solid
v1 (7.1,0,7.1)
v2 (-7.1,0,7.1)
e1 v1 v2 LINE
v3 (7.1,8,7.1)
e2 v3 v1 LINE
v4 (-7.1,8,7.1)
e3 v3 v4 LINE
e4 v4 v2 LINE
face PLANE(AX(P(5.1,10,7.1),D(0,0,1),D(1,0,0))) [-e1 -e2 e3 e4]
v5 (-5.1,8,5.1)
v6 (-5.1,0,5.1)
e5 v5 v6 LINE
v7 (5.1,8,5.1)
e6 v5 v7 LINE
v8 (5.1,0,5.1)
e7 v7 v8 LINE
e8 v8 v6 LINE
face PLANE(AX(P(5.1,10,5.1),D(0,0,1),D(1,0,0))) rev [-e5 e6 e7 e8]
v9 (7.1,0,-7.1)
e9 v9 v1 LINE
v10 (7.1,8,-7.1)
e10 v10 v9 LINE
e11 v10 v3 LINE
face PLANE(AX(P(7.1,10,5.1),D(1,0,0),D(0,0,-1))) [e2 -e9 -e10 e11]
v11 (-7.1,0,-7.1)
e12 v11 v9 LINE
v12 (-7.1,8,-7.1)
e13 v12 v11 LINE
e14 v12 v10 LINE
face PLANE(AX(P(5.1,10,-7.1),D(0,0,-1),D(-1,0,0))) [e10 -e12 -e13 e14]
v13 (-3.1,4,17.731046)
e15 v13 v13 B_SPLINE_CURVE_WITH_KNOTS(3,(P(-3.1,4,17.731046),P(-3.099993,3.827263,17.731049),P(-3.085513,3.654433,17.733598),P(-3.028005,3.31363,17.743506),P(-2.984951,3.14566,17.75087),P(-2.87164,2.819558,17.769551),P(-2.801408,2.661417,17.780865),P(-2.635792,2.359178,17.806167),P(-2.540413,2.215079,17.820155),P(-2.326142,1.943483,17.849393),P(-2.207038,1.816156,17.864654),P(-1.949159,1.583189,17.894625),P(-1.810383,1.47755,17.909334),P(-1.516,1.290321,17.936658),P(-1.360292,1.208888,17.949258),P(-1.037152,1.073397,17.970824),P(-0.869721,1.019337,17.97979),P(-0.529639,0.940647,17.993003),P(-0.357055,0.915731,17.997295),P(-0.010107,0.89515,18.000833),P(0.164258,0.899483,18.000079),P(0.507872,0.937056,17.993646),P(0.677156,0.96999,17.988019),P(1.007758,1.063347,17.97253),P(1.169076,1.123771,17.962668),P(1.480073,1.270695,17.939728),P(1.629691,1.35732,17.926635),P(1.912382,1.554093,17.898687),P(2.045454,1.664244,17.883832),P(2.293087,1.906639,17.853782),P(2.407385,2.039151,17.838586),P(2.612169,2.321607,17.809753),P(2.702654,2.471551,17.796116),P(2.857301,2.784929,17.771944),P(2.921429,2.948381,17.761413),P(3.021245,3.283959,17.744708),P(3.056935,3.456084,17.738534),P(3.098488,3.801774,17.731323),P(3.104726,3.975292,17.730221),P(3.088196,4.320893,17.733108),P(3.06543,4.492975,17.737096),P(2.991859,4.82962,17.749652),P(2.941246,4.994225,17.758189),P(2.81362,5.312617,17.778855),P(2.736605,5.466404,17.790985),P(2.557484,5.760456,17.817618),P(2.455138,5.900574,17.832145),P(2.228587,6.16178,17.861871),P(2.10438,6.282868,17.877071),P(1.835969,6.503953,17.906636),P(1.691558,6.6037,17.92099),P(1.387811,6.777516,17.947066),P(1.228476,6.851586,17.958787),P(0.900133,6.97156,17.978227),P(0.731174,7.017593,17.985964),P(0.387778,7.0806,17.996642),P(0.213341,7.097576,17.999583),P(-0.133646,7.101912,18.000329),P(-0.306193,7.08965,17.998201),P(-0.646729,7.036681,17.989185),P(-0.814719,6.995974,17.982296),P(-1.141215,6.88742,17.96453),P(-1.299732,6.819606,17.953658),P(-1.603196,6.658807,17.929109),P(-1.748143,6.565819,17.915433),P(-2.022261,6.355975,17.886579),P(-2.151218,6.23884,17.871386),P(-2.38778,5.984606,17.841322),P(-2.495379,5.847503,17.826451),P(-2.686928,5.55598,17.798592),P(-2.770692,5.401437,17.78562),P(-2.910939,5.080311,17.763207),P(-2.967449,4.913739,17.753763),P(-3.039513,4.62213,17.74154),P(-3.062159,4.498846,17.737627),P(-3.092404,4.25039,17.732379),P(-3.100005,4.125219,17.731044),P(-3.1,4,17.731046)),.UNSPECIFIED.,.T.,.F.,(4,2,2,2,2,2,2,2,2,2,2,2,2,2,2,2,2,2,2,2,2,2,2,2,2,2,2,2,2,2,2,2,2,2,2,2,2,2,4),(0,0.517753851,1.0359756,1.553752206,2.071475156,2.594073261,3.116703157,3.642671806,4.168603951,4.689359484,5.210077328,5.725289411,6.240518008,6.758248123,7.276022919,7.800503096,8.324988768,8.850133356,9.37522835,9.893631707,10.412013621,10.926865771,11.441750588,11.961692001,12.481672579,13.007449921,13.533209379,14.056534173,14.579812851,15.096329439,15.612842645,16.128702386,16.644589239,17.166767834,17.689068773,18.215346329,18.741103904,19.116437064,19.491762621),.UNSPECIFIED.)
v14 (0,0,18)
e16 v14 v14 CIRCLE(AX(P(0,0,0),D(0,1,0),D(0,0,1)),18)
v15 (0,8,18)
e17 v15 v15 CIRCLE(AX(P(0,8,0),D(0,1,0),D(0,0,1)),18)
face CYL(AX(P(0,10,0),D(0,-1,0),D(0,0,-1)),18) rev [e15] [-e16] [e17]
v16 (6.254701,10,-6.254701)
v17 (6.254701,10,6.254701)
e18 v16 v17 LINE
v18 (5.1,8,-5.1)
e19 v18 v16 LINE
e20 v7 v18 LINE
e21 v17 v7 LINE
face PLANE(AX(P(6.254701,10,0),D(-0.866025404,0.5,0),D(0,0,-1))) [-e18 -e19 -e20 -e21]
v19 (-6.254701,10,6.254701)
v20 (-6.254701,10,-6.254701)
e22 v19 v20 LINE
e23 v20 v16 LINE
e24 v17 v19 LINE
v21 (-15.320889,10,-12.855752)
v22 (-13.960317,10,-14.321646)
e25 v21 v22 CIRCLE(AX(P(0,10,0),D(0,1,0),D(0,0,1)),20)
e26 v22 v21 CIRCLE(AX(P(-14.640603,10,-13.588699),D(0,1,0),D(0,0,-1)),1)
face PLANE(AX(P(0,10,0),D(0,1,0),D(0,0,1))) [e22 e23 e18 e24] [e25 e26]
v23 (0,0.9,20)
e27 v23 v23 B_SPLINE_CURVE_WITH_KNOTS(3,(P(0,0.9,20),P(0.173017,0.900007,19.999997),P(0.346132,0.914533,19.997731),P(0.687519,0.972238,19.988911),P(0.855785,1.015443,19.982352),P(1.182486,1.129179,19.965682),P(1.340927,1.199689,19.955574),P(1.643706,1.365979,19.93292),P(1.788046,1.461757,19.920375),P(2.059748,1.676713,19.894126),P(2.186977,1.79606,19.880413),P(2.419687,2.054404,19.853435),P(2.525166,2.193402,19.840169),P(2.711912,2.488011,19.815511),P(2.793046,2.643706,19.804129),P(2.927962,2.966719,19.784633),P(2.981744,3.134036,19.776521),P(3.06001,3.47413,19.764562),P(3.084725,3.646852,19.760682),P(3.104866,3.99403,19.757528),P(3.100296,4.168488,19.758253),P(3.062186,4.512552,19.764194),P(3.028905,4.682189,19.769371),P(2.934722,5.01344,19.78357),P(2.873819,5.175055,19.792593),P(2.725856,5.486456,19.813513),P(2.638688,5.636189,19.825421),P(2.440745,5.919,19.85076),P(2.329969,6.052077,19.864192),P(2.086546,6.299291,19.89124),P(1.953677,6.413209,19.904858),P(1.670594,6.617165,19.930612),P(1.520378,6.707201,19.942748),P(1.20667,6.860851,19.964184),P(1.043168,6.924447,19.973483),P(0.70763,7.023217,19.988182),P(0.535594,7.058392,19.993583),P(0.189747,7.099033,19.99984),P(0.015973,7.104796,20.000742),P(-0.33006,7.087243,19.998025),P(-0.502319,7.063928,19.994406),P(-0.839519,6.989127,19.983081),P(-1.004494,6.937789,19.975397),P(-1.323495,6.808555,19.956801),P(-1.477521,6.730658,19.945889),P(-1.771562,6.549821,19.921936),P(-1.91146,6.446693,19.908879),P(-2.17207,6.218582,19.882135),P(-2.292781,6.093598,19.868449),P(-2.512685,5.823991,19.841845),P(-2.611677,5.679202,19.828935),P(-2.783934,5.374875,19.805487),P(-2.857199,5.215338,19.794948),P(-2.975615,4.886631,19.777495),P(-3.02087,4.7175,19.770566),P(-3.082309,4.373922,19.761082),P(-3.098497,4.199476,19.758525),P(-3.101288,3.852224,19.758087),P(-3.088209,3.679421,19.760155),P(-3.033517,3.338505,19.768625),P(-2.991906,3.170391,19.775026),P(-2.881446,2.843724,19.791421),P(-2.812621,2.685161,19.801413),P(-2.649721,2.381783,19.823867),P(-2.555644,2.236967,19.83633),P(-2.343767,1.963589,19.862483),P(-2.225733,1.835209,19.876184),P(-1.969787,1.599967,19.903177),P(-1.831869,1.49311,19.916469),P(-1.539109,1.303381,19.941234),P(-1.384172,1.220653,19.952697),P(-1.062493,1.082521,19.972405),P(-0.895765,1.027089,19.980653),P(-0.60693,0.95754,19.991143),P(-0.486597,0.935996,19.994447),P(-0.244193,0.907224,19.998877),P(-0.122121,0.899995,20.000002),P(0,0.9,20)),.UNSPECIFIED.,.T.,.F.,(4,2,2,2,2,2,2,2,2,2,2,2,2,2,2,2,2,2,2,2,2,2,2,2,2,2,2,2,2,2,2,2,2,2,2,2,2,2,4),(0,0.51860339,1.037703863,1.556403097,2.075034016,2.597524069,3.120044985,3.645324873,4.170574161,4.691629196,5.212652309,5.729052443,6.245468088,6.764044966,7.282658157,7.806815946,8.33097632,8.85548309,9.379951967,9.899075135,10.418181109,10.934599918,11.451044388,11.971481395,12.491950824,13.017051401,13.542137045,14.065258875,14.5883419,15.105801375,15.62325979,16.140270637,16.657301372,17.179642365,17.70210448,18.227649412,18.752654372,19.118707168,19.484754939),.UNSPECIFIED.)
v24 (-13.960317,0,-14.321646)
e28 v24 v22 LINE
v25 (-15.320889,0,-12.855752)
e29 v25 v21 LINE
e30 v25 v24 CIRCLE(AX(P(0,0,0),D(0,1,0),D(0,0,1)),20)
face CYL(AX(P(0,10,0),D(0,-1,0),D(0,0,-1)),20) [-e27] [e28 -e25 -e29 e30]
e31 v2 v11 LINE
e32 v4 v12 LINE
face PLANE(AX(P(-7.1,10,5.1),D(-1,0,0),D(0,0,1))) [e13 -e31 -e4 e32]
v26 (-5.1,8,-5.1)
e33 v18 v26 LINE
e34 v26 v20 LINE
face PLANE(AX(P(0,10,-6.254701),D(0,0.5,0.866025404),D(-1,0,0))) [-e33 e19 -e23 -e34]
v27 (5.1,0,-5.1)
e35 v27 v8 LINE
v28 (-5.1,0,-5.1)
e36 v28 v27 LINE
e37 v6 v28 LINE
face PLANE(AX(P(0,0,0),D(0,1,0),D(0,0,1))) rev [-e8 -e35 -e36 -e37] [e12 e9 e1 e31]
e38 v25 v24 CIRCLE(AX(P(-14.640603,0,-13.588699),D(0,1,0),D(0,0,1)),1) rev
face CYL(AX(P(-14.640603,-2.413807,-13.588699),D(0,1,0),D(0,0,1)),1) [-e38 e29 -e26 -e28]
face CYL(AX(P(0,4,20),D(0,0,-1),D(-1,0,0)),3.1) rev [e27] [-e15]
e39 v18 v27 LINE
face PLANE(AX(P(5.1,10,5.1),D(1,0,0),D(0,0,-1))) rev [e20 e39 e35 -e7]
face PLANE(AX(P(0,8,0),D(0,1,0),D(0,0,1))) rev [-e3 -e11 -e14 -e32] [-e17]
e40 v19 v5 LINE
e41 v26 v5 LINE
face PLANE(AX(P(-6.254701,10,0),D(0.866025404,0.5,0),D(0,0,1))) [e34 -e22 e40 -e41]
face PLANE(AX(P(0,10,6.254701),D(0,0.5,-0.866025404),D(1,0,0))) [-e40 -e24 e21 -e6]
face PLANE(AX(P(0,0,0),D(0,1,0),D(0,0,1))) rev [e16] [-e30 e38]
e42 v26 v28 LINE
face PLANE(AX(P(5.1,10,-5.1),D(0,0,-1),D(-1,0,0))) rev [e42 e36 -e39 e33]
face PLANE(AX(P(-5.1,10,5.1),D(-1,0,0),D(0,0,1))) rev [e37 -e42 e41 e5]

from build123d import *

# Parameters (mm, degrees)
SKETCH1_R             = 20
BOSS_EXTRUDE1_DEPTH   = 10
SKETCH2_W             = 10.2
SKETCH2_H             = 10.2
CUT_EXTRUDE2_DEPTH    = 11
SHELL3_T              = -2
SKETCH3_R             = 3.1
CUT_EXTRUDE3_DEPTH    = 13.9
BOSS_EXTRUDE2_DEPTH   = 10
CHAMFER1_SIZE         = 2
CHAMFER1_SIZE2        = 1.154700538
CHAMFER1_PART_2_SIZE  = 2
CHAMFER1_PART_2_SIZE2 = 1.154700538
CHAMFER1_PART_3_SIZE  = 2
CHAMFER1_PART_3_SIZE2 = 1.154700538
CHAMFER1_PART_4_SIZE  = 2
CHAMFER1_PART_4_SIZE2 = 1.154700538


with BuildPart() as part:
    # Sketch1 → Boss-Extrude1 (new body)
    with BuildSketch(Plane(origin=(0, 0, 0), x_dir=(1, 0, 0), z_dir=(0, 1, 0))):
        Circle(SKETCH1_R)
    extrude(amount=BOSS_EXTRUDE1_DEPTH)

    # Sketch2 → Cut-Extrude2 (cut, through all)
    with BuildSketch(Plane.XZ):
        Rectangle(SKETCH2_W, SKETCH2_H)
    extrude(amount=-CUT_EXTRUDE2_DEPTH, mode=Mode.SUBTRACT)

    # Shell3
    shell3_openings = [part.faces().sort_by_distance(p)[0] for p in [
        (0, 0, 0),
    ]]
    offset(amount=SHELL3_T, openings=shell3_openings, kind=Kind.INTERSECTION)

    # Sketch3 → Cut-Extrude3 (cut, through all)
    with BuildSketch(Plane.XY.offset(7.1)):
        with Locations((0, 4)):
            Circle(SKETCH3_R)
    extrude(amount=CUT_EXTRUDE3_DEPTH, mode=Mode.SUBTRACT)

    # Sketch4 → Boss-Extrude2 (add)
    with BuildSketch(Plane(origin=(0, 10, 0), x_dir=(1, 0, 0), z_dir=(0, 1, 0))):
        with BuildLine():
            Line((-13.960317173, 14.321646009), (-15.320888862, 12.855752194))
            ThreePointArc((-15.320888862, 12.855752194), (-15.373549926, 14.268984946), (-13.960317173, 14.321646009))
        make_face()
    extrude(amount=-BOSS_EXTRUDE2_DEPTH)

    # Chamfer1
    chamfer1_edges = [part.edges().sort_by_distance(p)[0] for p in [
        (5.1, 10, 0),
    ]]
    chamfer1_side = [part.faces().sort_by_distance(p)[0] for p in [
        (5.1, 5, 0),
    ]]
    chamfer(chamfer1_edges, length=CHAMFER1_SIZE, length2=CHAMFER1_SIZE2, reference=chamfer1_side[0])

    # Chamfer1 part 2
    chamfer1_part_2_edges = [part.edges().sort_by_distance(p)[0] for p in [
        (0, 10, -5.1),
    ]]
    chamfer1_part_2_side = [part.faces().sort_by_distance(p)[0] for p in [
        (0, 5, -5.1),
    ]]
    chamfer(chamfer1_part_2_edges, length=CHAMFER1_PART_2_SIZE, length2=CHAMFER1_PART_2_SIZE2, reference=chamfer1_part_2_side[0])

    # Chamfer1 part 3
    chamfer1_part_3_edges = [part.edges().sort_by_distance(p)[0] for p in [
        (-5.1, 10, 0),
    ]]
    chamfer1_part_3_side = [part.faces().sort_by_distance(p)[0] for p in [
        (-5.1, 5, 0),
    ]]
    chamfer(chamfer1_part_3_edges, length=CHAMFER1_PART_3_SIZE, length2=CHAMFER1_PART_3_SIZE2, reference=chamfer1_part_3_side[0])

    # Chamfer1 part 4
    chamfer1_part_4_edges = [part.edges().sort_by_distance(p)[0] for p in [
        (0, 10, 5.1),
    ]]
    chamfer1_part_4_side = [part.faces().sort_by_distance(p)[0] for p in [
        (0, 5, 5.1),
    ]]
    chamfer(chamfer1_part_4_edges, length=CHAMFER1_PART_4_SIZE, length2=CHAMFER1_PART_4_SIZE2, reference=chamfer1_part_4_side[0])


solid = part.part
